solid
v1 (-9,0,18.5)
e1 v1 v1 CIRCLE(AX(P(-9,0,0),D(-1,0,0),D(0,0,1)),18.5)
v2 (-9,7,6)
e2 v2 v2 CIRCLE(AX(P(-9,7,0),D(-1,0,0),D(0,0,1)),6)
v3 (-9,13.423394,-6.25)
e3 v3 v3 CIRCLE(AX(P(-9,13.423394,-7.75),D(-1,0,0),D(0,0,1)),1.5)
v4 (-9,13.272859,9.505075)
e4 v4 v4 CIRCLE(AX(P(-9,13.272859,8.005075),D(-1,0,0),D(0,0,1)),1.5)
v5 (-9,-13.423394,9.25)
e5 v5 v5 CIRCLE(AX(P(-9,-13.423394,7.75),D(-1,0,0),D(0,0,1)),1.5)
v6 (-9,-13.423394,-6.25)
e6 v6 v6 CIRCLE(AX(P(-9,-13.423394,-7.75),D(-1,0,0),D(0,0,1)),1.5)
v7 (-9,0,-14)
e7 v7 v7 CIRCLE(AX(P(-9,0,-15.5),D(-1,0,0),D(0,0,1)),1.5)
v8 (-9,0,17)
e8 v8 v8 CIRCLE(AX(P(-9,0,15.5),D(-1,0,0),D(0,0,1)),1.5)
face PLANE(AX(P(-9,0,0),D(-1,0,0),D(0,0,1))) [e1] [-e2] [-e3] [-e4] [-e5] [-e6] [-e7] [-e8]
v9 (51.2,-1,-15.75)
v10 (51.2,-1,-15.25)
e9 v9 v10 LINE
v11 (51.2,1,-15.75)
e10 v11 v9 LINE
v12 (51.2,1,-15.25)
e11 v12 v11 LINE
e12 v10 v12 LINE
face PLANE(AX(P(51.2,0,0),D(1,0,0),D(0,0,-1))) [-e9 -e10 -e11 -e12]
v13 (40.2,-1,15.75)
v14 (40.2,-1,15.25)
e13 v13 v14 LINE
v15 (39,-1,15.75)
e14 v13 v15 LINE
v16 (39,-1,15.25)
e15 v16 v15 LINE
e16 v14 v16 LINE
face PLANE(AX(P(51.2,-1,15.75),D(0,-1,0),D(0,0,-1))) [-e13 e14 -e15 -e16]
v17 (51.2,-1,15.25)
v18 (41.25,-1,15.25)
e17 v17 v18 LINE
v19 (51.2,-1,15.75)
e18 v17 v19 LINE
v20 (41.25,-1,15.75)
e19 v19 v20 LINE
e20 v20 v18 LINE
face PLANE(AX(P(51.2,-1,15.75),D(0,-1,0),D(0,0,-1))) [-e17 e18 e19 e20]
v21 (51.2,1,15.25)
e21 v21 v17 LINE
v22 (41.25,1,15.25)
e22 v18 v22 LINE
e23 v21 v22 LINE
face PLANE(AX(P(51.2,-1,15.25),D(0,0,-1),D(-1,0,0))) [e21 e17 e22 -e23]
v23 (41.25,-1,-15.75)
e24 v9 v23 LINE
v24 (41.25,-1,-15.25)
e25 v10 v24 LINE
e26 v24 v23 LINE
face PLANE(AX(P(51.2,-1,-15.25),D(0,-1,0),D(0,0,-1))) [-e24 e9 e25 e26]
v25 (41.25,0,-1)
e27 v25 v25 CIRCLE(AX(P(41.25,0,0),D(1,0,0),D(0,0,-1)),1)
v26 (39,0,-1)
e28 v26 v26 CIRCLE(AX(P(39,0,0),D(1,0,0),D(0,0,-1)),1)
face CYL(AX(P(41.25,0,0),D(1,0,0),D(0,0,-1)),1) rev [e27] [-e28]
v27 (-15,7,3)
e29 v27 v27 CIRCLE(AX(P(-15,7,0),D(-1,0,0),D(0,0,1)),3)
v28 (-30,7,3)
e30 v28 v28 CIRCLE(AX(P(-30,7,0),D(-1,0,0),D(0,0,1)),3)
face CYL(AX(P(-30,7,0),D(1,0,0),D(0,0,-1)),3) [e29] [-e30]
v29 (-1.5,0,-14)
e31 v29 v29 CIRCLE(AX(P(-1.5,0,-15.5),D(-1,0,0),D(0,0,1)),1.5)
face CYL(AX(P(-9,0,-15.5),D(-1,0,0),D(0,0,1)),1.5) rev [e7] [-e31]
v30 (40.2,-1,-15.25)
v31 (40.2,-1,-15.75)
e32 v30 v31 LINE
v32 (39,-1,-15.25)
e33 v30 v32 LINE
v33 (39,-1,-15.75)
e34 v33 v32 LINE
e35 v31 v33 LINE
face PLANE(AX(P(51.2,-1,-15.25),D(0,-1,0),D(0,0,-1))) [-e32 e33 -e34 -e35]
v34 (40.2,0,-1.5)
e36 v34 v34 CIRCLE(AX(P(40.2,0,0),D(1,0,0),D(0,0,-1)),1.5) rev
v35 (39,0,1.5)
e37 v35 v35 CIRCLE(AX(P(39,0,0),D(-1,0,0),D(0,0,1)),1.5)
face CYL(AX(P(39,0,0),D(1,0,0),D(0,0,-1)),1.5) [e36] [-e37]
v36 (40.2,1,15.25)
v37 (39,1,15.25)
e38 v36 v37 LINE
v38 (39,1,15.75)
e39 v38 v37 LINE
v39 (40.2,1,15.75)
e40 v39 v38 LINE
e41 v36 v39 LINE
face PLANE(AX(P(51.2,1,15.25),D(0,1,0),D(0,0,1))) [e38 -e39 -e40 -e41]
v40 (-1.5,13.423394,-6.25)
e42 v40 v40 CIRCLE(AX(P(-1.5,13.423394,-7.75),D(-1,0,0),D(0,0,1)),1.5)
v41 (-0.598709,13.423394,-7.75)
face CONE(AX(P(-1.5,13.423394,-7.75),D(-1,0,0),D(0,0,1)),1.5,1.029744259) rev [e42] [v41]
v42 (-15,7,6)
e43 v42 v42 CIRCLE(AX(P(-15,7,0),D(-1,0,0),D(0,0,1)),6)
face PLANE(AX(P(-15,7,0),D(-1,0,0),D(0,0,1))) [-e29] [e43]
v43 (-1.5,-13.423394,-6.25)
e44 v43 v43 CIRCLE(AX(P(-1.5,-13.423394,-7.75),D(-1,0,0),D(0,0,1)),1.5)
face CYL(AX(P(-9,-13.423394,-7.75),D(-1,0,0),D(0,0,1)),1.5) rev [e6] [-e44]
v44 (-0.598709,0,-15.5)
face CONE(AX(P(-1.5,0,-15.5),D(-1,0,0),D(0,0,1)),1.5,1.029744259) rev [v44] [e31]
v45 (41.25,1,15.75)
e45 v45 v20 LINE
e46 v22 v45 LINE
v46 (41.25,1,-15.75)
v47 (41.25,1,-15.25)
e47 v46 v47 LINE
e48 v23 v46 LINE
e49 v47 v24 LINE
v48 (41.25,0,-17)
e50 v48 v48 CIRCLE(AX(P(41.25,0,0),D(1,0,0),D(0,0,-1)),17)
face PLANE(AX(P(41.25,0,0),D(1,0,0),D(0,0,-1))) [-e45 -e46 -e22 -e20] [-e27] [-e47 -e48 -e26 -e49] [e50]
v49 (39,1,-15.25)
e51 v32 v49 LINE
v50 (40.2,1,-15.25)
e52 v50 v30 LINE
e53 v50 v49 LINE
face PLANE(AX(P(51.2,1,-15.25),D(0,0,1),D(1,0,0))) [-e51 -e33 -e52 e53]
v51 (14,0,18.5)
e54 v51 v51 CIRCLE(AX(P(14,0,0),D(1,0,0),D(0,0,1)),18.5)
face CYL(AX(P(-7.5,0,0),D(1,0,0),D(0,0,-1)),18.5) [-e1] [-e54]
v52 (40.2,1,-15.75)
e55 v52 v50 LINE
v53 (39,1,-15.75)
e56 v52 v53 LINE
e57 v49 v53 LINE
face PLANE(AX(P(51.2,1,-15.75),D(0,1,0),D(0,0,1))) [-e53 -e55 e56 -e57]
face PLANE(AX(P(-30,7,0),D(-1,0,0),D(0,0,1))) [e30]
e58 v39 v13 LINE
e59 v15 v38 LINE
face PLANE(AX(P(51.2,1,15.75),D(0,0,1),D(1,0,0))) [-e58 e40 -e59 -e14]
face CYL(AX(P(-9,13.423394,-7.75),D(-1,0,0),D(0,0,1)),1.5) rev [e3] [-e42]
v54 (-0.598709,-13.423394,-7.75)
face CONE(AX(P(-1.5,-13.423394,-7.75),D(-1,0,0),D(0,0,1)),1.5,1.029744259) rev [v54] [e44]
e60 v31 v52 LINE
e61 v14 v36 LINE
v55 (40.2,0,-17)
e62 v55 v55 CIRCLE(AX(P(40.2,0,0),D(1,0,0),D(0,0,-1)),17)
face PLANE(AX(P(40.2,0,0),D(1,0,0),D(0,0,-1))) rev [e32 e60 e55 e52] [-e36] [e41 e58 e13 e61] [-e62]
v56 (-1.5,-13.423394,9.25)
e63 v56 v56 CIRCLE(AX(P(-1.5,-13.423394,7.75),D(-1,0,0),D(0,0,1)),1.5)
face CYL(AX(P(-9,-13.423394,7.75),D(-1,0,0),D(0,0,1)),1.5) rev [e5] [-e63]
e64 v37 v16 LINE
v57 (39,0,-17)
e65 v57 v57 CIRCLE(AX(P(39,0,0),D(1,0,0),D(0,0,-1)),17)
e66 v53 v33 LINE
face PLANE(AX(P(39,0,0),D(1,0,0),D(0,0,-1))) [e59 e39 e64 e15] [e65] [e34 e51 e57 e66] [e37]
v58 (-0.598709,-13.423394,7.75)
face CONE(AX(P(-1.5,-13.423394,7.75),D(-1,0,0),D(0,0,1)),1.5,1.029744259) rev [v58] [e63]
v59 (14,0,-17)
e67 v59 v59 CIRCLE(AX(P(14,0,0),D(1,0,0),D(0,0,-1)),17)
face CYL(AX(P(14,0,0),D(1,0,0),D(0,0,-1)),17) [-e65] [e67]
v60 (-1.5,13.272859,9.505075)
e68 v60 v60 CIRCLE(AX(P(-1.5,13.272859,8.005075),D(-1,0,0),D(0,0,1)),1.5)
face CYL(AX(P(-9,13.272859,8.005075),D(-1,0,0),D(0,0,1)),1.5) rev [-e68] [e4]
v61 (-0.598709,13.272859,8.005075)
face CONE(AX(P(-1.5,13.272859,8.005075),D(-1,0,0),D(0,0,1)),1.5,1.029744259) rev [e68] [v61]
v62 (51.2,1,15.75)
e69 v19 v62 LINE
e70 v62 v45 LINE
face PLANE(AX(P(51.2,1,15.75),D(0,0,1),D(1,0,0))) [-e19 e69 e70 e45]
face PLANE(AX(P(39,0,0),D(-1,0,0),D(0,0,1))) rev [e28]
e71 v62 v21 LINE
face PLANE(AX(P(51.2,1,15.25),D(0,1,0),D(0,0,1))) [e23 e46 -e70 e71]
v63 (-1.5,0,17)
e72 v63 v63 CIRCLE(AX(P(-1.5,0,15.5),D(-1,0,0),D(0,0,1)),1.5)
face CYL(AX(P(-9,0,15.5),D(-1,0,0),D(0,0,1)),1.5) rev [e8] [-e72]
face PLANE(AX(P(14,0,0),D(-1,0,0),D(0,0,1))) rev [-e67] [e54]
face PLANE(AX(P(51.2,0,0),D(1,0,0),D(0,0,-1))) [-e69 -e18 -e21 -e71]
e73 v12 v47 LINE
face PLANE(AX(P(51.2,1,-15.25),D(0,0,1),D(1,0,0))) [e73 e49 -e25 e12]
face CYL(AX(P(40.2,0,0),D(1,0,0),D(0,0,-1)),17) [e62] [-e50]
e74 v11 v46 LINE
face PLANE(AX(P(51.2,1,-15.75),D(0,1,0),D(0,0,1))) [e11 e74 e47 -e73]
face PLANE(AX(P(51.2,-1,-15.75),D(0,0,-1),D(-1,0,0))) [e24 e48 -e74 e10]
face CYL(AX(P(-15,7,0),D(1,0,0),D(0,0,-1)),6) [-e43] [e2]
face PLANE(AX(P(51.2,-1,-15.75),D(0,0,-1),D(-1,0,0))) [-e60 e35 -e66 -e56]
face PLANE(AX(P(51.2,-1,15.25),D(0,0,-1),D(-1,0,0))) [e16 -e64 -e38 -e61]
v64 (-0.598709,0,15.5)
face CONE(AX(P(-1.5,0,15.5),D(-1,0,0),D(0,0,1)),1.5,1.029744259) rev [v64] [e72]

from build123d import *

# Parameters (mm, degrees)
SKETCH1_R                      = 17
BOSS_EXTRUDE1_DEPTH            = 1.05
SKETCH2_W                      = 0.5
SKETCH2_H                      = 2
POLES_DEPTH                    = 1.2
POLES_DEPTH_BACK               = 11
SKETCH3_R                      = 1.5
BOSS_EXTRUDE3_DEPTH            = 1.2
SKETCH5_R                      = 17
BOSS_EXTRUDE5_DEPTH            = 25
SKETCH6_R                      = 18.5
REDUCTUR_DEPTH                 = 21.5
SKETCH35_R                     = 18.5
ENDPLATE_DEPTH                 = 1.5
SKETCH36_R                     = 6
BOSS_EXTRUDE25_DEPTH           = 6
F_3_1_3_1_DIAMETER_HOLE1_D     = 6
F_3_1_3_1_DIAMETER_HOLE1_DEPTH = 2.2
F_2_0_2_DIAMETER_HOLE1_D       = 2
F_2_0_2_DIAMETER_HOLE1_DEPTH   = 2.25
F_3_0MM_1_D                    = 3
F_3_0MM_1_DEPTH                = 7.5
F_3_0MM_1_TIP                  = 0.901290929
SKETCH_1_R                     = 3
EXTRUDE_1_DEPTH                = 21


with BuildPart() as part:
    # Sketch1 → Boss-Extrude1 (new body)
    with BuildSketch(Plane(origin=(41.25, 0, 0), x_dir=(0, 0, -1), z_dir=(1, 0, 0))):
        Circle(SKETCH1_R)
    extrude(amount=-BOSS_EXTRUDE1_DEPTH)

    # Sketch2 → Poles (add, two sides)
    with BuildSketch(Plane.ZY.offset(-40.2)) as poles_sk:
        with Locations((15.5, 0)):
            Rectangle(SKETCH2_W, SKETCH2_H)
        with Locations((-15.5, 0)):
            Rectangle(SKETCH2_W, SKETCH2_H)
    extrude(amount=POLES_DEPTH)
    extrude(poles_sk.sketch, amount=-POLES_DEPTH_BACK)

    # Sketch3 → Boss-Extrude3 (add)
    with BuildSketch(Plane.ZY.offset(-40.2)):
        Circle(SKETCH3_R)
    extrude(amount=BOSS_EXTRUDE3_DEPTH)

    # Sketch5 → Boss-Extrude5 (add)
    with BuildSketch(Plane(origin=(39, 0, 0), x_dir=(0, 0, -1), z_dir=(1, 0, 0))):
        Circle(SKETCH5_R)
    extrude(amount=-BOSS_EXTRUDE5_DEPTH)

    # Sketch6 → Reductur (add)
    with BuildSketch(Plane(origin=(14, 0, 0), x_dir=(0, 0, -1), z_dir=(1, 0, 0))):
        Circle(SKETCH6_R)
    extrude(amount=-REDUCTUR_DEPTH)

    # Sketch35 → Endplate (add)
    with BuildSketch(Plane.ZY.offset(7.5)):
        Circle(SKETCH35_R)
    extrude(amount=ENDPLATE_DEPTH)

    # Sketch36 → Boss-Extrude25 (add)
    with BuildSketch(Plane.ZY.offset(9)):
        with Locations((0, 7)):
            Circle(SKETCH36_R)
    extrude(amount=BOSS_EXTRUDE25_DEPTH)

    # Ø3.1 (3.1) Diameter Hole1
    with Locations(Plane.ZY.offset(15)):
        with Locations((0, 7)):
            Hole(F_3_1_3_1_DIAMETER_HOLE1_D / 2, depth=F_3_1_3_1_DIAMETER_HOLE1_DEPTH)

    # Ø2.0 (2) Diameter Hole1
    with Locations(Plane(origin=(41.25, 0, 0), x_dir=(0, 0, -1), z_dir=(1, 0, 0))):
        with Locations((0, 0)):
            Hole(F_2_0_2_DIAMETER_HOLE1_D / 2, depth=F_2_0_2_DIAMETER_HOLE1_DEPTH)

    # Ø3.0mm 定位孔1
    with Locations(Plane(origin=(-9, 0, -15.5), x_dir=(0, 0, -1), z_dir=(-1, 0, 0))):
        with Locations((0, 0), (-7.75, -13.423393759), (-23.50507477, -13.272858695), (-31, 0), (-23.25, 13.423393759), (-7.75, 13.423393759)):
            Hole(F_3_0MM_1_D / 2, depth=F_3_0MM_1_DEPTH)
            with Locations((0, 0, -(F_3_0MM_1_DEPTH + F_3_0MM_1_TIP / 2))):  # 118° drill point
                Cone(0, F_3_0MM_1_D / 2, F_3_0MM_1_TIP, mode=Mode.SUBTRACT)

    # 草圖1 → 填料-伸長1 (add)
    with BuildSketch(Plane.ZY.offset(9)):
        with Locations((0, 7)):
            Circle(SKETCH_1_R)
    extrude(amount=EXTRUDE_1_DEPTH)


solid = part.part
